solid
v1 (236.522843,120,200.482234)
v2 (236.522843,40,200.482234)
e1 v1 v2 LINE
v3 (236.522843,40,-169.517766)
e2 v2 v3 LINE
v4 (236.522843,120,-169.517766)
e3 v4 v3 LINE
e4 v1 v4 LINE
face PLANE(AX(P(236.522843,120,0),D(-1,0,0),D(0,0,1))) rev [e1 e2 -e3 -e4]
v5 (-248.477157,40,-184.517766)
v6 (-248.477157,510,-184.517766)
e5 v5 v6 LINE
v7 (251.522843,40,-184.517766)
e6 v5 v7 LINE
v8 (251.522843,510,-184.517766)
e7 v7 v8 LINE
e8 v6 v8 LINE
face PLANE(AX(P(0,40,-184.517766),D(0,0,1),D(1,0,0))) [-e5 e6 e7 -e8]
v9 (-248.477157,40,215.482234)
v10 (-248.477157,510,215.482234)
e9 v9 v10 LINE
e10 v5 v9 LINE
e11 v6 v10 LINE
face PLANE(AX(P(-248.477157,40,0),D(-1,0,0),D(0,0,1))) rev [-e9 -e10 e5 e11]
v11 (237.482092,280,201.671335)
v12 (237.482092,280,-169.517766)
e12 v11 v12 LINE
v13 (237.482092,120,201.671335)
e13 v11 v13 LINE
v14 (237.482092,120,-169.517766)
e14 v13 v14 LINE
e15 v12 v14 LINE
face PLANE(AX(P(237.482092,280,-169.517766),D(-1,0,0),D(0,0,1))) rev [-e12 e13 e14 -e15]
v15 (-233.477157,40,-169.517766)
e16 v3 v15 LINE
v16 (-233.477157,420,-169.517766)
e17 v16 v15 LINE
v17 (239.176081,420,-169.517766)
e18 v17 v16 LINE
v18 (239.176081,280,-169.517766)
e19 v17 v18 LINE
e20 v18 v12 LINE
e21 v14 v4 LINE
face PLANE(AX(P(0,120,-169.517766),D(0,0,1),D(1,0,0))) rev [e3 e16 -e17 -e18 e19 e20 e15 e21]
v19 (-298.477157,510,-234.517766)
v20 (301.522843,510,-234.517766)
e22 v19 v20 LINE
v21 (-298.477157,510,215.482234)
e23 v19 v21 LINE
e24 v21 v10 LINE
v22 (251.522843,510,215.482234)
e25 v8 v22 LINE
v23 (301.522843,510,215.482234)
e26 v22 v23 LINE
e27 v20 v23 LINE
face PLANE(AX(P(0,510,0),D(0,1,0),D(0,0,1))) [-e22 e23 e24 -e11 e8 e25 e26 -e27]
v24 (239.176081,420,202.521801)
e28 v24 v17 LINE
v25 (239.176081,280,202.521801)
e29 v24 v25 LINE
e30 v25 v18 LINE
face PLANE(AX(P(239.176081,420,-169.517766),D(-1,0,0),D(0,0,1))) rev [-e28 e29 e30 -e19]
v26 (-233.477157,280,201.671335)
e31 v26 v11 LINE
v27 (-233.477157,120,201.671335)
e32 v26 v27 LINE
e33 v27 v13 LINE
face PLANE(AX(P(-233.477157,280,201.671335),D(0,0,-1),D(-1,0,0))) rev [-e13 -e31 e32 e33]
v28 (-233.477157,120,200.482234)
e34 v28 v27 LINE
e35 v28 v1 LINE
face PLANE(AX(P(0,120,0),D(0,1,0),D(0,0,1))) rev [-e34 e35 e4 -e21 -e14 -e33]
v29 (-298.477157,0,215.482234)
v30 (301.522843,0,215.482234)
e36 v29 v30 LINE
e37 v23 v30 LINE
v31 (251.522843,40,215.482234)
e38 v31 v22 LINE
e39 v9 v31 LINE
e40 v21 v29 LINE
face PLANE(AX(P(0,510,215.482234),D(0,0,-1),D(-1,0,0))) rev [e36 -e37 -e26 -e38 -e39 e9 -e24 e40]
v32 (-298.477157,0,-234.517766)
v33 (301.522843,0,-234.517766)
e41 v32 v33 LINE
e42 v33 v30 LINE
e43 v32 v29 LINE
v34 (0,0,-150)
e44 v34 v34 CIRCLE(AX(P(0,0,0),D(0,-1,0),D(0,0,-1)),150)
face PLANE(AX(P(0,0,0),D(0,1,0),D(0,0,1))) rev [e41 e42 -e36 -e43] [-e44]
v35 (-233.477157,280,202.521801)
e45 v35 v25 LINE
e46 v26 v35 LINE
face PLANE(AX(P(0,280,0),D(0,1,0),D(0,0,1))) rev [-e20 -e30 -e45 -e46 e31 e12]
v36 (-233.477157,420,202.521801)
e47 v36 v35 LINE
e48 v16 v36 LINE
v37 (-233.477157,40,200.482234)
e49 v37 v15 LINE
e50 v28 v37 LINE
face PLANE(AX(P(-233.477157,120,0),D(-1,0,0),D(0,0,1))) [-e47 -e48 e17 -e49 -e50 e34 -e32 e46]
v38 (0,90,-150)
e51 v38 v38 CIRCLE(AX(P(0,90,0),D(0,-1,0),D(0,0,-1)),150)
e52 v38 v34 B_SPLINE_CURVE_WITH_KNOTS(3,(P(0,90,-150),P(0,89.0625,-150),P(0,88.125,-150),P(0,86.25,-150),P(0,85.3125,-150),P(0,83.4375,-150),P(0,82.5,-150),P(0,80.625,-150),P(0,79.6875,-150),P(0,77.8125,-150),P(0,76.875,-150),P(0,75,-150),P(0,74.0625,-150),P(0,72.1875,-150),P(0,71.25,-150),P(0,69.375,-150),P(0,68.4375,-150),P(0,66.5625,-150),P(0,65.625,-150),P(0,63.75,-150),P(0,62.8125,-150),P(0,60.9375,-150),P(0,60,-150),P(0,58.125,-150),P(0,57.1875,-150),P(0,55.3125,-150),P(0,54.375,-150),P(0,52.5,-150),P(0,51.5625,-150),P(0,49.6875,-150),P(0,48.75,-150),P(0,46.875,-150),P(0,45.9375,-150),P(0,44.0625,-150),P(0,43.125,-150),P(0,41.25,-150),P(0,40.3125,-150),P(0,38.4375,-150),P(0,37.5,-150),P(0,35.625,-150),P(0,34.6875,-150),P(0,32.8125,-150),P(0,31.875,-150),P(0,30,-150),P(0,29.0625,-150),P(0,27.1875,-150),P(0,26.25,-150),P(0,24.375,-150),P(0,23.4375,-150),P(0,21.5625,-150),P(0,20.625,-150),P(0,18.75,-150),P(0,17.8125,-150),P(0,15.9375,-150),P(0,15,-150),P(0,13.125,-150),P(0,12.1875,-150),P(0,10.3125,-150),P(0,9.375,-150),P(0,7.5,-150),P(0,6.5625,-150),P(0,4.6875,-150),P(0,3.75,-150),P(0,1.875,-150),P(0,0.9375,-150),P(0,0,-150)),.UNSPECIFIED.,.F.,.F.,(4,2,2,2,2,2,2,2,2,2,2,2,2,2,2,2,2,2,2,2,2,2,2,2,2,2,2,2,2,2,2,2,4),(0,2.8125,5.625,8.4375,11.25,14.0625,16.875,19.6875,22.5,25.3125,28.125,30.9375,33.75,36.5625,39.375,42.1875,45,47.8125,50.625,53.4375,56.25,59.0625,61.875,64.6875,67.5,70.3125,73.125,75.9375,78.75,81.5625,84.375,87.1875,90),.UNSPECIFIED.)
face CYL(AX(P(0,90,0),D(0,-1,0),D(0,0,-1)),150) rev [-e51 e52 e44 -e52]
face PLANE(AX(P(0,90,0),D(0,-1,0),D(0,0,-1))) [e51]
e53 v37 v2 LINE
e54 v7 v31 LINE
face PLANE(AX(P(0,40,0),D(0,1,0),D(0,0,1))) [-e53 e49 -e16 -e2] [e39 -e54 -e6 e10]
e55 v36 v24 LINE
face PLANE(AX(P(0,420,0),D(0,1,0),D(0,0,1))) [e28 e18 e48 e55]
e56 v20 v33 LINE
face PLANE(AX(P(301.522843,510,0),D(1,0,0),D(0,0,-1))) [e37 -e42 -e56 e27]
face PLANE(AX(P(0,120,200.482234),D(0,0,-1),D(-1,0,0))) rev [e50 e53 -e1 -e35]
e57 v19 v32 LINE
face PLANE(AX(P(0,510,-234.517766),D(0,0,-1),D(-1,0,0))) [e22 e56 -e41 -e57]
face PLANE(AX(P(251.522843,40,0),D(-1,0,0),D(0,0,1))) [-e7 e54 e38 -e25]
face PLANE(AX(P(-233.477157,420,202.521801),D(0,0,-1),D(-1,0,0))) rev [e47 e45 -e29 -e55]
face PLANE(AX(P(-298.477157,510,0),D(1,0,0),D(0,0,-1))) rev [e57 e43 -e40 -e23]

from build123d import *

# Parameters (mm, degrees)
SKETCH1_W           = 500
SKETCH1_H           = 400
BOSS_EXTRUDE2_DEPTH = 510
SKETCH2_W           = 500
SKETCH2_H           = 400
CUT_EXTRUDE1_DEPTH  = 470
SKETCH4_W           = 470
SKETCH4_H           = 370
BOSS_EXTRUDE5_DEPTH = 80
SKETCH6_W           = 470.959249671
SKETCH6_H           = 371.189101319
BOSS_EXTRUDE7_DEPTH = 160
SKETCH7_W           = 472.653238371
SKETCH7_H           = 372.039567124
BOSS_EXTRUDE8_DEPTH = 140
SKETCH8_R           = 150
CUT_EXTRUDE2_DEPTH  = 90


with BuildPart() as part:
    # Sketch1 → Boss-Extrude2 (new body)
    with BuildSketch(Plane(origin=(0, 0, 0), x_dir=(1, 0, 0), z_dir=(0, 1, 0))):
        Polygon((-248.47715736, 234.517766497), (-298.47715736, 234.517766497), (-298.47715736, 184.517766497), (-298.47715736, -215.482233503), (-248.47715736, -215.482233503), (-248.47715736, 184.517766497), (251.52284264, 184.517766497), (251.52284264, -215.482233503), (301.52284264, -215.482233503), (301.52284264, 184.517766497), (301.52284264, 234.517766497), (251.52284264, 234.517766497), align=None)
        with Locations((1.52284264, -15.482233503)):
            Rectangle(SKETCH1_W, SKETCH1_H)
    extrude(amount=BOSS_EXTRUDE2_DEPTH)

    # Sketch2 → Cut-Extrude1 (cut)
    with BuildSketch(Plane(origin=(0, 510, 0), x_dir=(1, 0, 0), z_dir=(0, 1, 0))):
        with Locations((1.52284264, -15.482233503)):
            Rectangle(SKETCH2_W, SKETCH2_H)
    extrude(amount=-CUT_EXTRUDE1_DEPTH, mode=Mode.SUBTRACT)

    # Sketch4 → Boss-Extrude5 (add)
    with BuildSketch(Plane(origin=(0, 40, 0), x_dir=(1, 0, 0), z_dir=(0, 1, 0))):
        with Locations((1.52284264, -15.482233503)):
            Rectangle(SKETCH4_W, SKETCH4_H)
    extrude(amount=BOSS_EXTRUDE5_DEPTH)

    # Sketch6 → Boss-Extrude7 (add)
    with BuildSketch(Plane(origin=(0, 120, 0), x_dir=(1, 0, 0), z_dir=(0, 1, 0))):
        with Locations((2.002467475, -16.076784163)):
            Rectangle(SKETCH6_W, SKETCH6_H)
    extrude(amount=BOSS_EXTRUDE7_DEPTH)

    # Sketch7 → Boss-Extrude8 (add)
    with BuildSketch(Plane(origin=(0, 280, 0), x_dir=(1, 0, 0), z_dir=(0, 1, 0))):
        with Locations((2.849461826, -16.502017065)):
            Rectangle(SKETCH7_W, SKETCH7_H)
    extrude(amount=BOSS_EXTRUDE8_DEPTH)

    # Sketch8 → Cut-Extrude2 (cut)
    with BuildSketch(Plane.XZ):
        with Locations(Location((0, 0, 0), (0, 0, 270))):
            Circle(SKETCH8_R)
    extrude(amount=-CUT_EXTRUDE2_DEPTH, mode=Mode.SUBTRACT)


solid = part.part
